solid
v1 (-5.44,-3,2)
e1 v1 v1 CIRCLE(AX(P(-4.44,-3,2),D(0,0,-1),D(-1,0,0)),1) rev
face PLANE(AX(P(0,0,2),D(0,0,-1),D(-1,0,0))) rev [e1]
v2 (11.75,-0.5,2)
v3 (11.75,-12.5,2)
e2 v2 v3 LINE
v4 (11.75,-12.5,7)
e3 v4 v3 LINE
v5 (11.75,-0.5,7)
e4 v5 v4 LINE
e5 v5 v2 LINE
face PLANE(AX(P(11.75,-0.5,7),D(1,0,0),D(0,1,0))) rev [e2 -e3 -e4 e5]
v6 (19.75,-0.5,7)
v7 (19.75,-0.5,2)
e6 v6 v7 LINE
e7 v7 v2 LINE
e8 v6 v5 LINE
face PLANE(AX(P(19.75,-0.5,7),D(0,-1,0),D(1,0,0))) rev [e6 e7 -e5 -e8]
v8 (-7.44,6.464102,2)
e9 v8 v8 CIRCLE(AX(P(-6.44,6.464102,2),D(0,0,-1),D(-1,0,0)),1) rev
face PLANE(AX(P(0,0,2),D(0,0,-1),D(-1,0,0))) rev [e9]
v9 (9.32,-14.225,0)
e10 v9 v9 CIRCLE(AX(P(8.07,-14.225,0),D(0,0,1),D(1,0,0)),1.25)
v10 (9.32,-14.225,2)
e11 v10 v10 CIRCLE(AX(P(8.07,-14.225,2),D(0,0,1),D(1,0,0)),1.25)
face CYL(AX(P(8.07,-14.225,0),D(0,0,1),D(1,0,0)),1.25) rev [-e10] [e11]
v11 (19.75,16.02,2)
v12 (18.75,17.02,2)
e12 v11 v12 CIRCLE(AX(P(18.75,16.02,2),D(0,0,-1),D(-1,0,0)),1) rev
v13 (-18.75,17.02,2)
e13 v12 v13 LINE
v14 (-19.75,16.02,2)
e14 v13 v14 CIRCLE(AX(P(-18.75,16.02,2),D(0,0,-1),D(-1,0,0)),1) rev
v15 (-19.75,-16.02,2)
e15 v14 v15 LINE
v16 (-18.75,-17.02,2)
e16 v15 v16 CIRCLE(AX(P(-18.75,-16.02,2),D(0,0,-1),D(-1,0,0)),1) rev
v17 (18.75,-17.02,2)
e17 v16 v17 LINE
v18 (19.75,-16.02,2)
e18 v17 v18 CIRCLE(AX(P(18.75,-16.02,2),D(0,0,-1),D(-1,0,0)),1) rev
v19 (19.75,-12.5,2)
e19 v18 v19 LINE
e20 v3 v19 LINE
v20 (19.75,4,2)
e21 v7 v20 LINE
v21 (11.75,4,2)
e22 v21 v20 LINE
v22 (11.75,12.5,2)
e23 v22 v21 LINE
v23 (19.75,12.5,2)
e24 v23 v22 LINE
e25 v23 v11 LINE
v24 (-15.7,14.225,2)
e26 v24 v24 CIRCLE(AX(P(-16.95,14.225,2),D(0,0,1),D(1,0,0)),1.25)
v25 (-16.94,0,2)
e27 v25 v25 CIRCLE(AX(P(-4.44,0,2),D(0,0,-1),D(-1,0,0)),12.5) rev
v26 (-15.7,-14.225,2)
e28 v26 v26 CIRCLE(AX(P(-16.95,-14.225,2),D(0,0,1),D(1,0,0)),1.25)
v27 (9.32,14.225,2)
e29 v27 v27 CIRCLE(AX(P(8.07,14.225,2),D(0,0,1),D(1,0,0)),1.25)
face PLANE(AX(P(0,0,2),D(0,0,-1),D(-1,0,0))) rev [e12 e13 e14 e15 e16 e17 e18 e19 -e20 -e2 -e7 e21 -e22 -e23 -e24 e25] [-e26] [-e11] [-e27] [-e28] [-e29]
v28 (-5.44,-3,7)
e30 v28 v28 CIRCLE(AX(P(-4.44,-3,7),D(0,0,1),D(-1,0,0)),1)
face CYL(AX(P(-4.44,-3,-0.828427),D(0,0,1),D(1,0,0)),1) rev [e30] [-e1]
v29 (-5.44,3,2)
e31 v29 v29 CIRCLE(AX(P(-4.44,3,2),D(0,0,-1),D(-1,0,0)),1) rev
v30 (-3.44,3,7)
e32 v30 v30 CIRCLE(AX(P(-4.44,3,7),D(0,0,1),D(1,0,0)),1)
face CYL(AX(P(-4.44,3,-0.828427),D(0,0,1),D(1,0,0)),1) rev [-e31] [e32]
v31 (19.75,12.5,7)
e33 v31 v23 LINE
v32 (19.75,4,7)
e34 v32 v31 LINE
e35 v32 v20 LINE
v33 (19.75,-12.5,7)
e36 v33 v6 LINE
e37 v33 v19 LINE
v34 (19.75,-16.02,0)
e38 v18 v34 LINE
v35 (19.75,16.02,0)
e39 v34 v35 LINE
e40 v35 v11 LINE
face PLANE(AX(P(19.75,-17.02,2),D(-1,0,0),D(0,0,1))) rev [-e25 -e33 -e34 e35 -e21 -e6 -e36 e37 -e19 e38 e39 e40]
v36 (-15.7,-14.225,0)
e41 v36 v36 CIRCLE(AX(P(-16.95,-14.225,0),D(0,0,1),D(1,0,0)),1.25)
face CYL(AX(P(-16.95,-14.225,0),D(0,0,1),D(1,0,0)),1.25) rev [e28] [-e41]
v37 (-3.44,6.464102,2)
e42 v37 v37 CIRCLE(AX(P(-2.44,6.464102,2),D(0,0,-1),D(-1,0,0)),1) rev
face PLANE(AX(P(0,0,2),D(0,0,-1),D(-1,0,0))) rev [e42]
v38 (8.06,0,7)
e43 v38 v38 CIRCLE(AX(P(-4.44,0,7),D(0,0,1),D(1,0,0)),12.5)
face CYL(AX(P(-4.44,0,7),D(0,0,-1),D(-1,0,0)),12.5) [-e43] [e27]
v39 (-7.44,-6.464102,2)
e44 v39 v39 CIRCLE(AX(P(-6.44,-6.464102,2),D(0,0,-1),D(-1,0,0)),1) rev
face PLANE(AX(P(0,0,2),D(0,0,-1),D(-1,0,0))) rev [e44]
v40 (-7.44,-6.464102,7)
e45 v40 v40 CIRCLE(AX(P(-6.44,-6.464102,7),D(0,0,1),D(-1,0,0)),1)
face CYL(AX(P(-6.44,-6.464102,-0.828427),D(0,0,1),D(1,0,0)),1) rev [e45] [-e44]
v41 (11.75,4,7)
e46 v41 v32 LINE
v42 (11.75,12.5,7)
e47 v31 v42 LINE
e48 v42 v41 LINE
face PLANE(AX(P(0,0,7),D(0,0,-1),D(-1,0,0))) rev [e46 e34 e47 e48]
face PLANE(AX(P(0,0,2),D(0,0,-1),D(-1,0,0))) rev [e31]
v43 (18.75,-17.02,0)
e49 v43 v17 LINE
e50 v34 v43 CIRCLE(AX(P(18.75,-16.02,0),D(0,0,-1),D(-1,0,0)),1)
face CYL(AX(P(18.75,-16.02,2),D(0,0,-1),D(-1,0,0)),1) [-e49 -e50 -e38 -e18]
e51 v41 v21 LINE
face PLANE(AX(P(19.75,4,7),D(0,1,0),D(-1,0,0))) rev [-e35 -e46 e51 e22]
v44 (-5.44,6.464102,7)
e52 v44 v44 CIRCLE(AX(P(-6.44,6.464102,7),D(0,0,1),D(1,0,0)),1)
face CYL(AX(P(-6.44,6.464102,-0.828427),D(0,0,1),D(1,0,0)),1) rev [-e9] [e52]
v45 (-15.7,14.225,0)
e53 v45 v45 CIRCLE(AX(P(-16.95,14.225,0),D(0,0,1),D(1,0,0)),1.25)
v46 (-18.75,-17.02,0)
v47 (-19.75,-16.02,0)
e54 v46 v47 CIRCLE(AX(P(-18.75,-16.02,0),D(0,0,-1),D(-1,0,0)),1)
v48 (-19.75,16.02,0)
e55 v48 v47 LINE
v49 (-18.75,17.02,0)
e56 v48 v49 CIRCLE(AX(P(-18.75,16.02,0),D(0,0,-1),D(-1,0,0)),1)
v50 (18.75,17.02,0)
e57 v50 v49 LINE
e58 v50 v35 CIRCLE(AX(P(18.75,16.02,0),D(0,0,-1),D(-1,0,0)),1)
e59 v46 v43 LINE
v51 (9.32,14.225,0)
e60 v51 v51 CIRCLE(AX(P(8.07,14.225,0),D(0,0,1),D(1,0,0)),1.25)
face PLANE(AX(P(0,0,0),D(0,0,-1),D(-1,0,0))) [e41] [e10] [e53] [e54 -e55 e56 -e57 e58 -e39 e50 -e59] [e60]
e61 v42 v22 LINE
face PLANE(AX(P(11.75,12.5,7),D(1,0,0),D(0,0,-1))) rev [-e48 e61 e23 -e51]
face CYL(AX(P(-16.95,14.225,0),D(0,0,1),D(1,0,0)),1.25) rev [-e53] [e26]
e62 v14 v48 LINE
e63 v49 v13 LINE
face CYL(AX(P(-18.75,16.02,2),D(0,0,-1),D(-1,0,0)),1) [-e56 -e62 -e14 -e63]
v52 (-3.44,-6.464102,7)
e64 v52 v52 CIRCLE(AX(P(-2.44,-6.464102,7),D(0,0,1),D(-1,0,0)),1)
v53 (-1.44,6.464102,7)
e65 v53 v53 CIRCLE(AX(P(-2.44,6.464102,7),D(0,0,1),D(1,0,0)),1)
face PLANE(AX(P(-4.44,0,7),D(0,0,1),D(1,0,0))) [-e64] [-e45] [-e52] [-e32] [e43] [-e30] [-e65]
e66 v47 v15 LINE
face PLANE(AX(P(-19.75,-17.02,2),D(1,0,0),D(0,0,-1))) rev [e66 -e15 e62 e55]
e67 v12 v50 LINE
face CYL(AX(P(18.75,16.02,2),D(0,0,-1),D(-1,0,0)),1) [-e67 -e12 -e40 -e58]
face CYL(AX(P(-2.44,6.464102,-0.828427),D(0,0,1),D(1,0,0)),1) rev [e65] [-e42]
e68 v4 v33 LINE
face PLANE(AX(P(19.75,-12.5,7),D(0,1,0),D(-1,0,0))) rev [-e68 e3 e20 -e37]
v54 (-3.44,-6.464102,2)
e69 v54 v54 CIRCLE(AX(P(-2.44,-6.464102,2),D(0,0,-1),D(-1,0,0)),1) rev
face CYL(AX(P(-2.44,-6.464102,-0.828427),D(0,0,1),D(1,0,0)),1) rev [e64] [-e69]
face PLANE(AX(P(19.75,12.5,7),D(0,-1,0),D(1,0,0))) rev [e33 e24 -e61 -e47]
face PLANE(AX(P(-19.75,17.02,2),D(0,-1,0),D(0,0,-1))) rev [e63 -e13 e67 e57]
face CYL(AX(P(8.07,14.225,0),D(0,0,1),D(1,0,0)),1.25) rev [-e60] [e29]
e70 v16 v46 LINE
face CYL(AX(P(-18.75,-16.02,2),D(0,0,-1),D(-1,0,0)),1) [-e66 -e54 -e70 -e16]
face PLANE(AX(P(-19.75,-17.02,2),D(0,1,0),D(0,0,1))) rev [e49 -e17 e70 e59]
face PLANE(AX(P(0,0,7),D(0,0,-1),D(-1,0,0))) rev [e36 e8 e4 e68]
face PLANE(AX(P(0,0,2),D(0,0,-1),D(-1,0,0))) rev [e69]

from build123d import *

# Parameters (mm, degrees)
SKETCH_1_W          = 39.5
SKETCH_1_H          = 34.04
EXTRUDE_1_DEPTH     = 2
SKETCH_2_R          = 1.25
CUT_EXTRUDE_1_DEPTH = 2
SKETCH_3_R          = 12.5
EXTRUDE_2_DEPTH     = 5
FILLET_1_R          = 1
SKETCH_4_W          = 8
SKETCH_4_H          = 8.5
SKETCH_4_H_2        = 12
EXTRUDE_3_DEPTH     = 5
SKETCH_5_R          = 1
CUT_EXTRUDE_2_DEPTH = 5


with BuildPart() as part:
    # 草图1 → 凸台-拉伸1 (new body)
    with BuildSketch(Plane.XY):
        Rectangle(SKETCH_1_W, SKETCH_1_H)
    extrude(amount=EXTRUDE_1_DEPTH)

    # 草图2 → 切除-拉伸1 (cut)
    with BuildSketch(Plane.XY.offset(2)):
        with Locations((-16.95, 14.225)):
            Circle(SKETCH_2_R)
        with Locations((-16.95, -14.225)):
            Circle(SKETCH_2_R)
        with Locations((8.07, 14.225)):
            Circle(SKETCH_2_R)
        with Locations((8.07, -14.225)):
            Circle(SKETCH_2_R)
    extrude(amount=-CUT_EXTRUDE_1_DEPTH, mode=Mode.SUBTRACT)

    # 草图3 → 凸台-拉伸2 (add)
    with BuildSketch(Plane.XY.offset(2)):
        with Locations(Location((-4.44, 0, 0), (0, 0, 180))):
            Circle(SKETCH_3_R)
    extrude(amount=EXTRUDE_2_DEPTH)

    # 圆角1
    fillet_1_edges = [part.edges().sort_by_distance(p)[0] for p in [
        (19.75, -17.02, 1),
        (-19.75, -17.02, 1),
        (-19.75, 17.02, 1),
        (19.75, 17.02, 1),
    ]]
    fillet(fillet_1_edges, radius=FILLET_1_R)

    # 草图4 → 凸台-拉伸3 (add)
    with BuildSketch(Plane.XY.offset(2)):
        with Locations((15.75, 8.25)):
            Rectangle(SKETCH_4_W, SKETCH_4_H)
        with Locations((15.75, -6.5)):
            Rectangle(SKETCH_4_W, SKETCH_4_H_2)
    extrude(amount=EXTRUDE_3_DEPTH)

    # 草图5 → 切除-拉伸2 (cut)
    with BuildSketch(Plane.XY.offset(7)):
        with Locations((-6.44, 6.464101615)):
            Circle(SKETCH_5_R)
        with Locations((-2.44, 6.464101615)):
            Circle(SKETCH_5_R)
        with Locations((-4.44, 3)):
            Circle(SKETCH_5_R)
        with Locations(Location((-4.44, -3, 0), (0, 0, 180))):
            Circle(SKETCH_5_R)
        with Locations(Location((-2.44, -6.464101615, 0), (0, 0, 180))):
            Circle(SKETCH_5_R)
        with Locations(Location((-6.44, -6.464101615, 0), (0, 0, 180))):
            Circle(SKETCH_5_R)
    extrude(amount=-CUT_EXTRUDE_2_DEPTH, mode=Mode.SUBTRACT)


solid = part.part
